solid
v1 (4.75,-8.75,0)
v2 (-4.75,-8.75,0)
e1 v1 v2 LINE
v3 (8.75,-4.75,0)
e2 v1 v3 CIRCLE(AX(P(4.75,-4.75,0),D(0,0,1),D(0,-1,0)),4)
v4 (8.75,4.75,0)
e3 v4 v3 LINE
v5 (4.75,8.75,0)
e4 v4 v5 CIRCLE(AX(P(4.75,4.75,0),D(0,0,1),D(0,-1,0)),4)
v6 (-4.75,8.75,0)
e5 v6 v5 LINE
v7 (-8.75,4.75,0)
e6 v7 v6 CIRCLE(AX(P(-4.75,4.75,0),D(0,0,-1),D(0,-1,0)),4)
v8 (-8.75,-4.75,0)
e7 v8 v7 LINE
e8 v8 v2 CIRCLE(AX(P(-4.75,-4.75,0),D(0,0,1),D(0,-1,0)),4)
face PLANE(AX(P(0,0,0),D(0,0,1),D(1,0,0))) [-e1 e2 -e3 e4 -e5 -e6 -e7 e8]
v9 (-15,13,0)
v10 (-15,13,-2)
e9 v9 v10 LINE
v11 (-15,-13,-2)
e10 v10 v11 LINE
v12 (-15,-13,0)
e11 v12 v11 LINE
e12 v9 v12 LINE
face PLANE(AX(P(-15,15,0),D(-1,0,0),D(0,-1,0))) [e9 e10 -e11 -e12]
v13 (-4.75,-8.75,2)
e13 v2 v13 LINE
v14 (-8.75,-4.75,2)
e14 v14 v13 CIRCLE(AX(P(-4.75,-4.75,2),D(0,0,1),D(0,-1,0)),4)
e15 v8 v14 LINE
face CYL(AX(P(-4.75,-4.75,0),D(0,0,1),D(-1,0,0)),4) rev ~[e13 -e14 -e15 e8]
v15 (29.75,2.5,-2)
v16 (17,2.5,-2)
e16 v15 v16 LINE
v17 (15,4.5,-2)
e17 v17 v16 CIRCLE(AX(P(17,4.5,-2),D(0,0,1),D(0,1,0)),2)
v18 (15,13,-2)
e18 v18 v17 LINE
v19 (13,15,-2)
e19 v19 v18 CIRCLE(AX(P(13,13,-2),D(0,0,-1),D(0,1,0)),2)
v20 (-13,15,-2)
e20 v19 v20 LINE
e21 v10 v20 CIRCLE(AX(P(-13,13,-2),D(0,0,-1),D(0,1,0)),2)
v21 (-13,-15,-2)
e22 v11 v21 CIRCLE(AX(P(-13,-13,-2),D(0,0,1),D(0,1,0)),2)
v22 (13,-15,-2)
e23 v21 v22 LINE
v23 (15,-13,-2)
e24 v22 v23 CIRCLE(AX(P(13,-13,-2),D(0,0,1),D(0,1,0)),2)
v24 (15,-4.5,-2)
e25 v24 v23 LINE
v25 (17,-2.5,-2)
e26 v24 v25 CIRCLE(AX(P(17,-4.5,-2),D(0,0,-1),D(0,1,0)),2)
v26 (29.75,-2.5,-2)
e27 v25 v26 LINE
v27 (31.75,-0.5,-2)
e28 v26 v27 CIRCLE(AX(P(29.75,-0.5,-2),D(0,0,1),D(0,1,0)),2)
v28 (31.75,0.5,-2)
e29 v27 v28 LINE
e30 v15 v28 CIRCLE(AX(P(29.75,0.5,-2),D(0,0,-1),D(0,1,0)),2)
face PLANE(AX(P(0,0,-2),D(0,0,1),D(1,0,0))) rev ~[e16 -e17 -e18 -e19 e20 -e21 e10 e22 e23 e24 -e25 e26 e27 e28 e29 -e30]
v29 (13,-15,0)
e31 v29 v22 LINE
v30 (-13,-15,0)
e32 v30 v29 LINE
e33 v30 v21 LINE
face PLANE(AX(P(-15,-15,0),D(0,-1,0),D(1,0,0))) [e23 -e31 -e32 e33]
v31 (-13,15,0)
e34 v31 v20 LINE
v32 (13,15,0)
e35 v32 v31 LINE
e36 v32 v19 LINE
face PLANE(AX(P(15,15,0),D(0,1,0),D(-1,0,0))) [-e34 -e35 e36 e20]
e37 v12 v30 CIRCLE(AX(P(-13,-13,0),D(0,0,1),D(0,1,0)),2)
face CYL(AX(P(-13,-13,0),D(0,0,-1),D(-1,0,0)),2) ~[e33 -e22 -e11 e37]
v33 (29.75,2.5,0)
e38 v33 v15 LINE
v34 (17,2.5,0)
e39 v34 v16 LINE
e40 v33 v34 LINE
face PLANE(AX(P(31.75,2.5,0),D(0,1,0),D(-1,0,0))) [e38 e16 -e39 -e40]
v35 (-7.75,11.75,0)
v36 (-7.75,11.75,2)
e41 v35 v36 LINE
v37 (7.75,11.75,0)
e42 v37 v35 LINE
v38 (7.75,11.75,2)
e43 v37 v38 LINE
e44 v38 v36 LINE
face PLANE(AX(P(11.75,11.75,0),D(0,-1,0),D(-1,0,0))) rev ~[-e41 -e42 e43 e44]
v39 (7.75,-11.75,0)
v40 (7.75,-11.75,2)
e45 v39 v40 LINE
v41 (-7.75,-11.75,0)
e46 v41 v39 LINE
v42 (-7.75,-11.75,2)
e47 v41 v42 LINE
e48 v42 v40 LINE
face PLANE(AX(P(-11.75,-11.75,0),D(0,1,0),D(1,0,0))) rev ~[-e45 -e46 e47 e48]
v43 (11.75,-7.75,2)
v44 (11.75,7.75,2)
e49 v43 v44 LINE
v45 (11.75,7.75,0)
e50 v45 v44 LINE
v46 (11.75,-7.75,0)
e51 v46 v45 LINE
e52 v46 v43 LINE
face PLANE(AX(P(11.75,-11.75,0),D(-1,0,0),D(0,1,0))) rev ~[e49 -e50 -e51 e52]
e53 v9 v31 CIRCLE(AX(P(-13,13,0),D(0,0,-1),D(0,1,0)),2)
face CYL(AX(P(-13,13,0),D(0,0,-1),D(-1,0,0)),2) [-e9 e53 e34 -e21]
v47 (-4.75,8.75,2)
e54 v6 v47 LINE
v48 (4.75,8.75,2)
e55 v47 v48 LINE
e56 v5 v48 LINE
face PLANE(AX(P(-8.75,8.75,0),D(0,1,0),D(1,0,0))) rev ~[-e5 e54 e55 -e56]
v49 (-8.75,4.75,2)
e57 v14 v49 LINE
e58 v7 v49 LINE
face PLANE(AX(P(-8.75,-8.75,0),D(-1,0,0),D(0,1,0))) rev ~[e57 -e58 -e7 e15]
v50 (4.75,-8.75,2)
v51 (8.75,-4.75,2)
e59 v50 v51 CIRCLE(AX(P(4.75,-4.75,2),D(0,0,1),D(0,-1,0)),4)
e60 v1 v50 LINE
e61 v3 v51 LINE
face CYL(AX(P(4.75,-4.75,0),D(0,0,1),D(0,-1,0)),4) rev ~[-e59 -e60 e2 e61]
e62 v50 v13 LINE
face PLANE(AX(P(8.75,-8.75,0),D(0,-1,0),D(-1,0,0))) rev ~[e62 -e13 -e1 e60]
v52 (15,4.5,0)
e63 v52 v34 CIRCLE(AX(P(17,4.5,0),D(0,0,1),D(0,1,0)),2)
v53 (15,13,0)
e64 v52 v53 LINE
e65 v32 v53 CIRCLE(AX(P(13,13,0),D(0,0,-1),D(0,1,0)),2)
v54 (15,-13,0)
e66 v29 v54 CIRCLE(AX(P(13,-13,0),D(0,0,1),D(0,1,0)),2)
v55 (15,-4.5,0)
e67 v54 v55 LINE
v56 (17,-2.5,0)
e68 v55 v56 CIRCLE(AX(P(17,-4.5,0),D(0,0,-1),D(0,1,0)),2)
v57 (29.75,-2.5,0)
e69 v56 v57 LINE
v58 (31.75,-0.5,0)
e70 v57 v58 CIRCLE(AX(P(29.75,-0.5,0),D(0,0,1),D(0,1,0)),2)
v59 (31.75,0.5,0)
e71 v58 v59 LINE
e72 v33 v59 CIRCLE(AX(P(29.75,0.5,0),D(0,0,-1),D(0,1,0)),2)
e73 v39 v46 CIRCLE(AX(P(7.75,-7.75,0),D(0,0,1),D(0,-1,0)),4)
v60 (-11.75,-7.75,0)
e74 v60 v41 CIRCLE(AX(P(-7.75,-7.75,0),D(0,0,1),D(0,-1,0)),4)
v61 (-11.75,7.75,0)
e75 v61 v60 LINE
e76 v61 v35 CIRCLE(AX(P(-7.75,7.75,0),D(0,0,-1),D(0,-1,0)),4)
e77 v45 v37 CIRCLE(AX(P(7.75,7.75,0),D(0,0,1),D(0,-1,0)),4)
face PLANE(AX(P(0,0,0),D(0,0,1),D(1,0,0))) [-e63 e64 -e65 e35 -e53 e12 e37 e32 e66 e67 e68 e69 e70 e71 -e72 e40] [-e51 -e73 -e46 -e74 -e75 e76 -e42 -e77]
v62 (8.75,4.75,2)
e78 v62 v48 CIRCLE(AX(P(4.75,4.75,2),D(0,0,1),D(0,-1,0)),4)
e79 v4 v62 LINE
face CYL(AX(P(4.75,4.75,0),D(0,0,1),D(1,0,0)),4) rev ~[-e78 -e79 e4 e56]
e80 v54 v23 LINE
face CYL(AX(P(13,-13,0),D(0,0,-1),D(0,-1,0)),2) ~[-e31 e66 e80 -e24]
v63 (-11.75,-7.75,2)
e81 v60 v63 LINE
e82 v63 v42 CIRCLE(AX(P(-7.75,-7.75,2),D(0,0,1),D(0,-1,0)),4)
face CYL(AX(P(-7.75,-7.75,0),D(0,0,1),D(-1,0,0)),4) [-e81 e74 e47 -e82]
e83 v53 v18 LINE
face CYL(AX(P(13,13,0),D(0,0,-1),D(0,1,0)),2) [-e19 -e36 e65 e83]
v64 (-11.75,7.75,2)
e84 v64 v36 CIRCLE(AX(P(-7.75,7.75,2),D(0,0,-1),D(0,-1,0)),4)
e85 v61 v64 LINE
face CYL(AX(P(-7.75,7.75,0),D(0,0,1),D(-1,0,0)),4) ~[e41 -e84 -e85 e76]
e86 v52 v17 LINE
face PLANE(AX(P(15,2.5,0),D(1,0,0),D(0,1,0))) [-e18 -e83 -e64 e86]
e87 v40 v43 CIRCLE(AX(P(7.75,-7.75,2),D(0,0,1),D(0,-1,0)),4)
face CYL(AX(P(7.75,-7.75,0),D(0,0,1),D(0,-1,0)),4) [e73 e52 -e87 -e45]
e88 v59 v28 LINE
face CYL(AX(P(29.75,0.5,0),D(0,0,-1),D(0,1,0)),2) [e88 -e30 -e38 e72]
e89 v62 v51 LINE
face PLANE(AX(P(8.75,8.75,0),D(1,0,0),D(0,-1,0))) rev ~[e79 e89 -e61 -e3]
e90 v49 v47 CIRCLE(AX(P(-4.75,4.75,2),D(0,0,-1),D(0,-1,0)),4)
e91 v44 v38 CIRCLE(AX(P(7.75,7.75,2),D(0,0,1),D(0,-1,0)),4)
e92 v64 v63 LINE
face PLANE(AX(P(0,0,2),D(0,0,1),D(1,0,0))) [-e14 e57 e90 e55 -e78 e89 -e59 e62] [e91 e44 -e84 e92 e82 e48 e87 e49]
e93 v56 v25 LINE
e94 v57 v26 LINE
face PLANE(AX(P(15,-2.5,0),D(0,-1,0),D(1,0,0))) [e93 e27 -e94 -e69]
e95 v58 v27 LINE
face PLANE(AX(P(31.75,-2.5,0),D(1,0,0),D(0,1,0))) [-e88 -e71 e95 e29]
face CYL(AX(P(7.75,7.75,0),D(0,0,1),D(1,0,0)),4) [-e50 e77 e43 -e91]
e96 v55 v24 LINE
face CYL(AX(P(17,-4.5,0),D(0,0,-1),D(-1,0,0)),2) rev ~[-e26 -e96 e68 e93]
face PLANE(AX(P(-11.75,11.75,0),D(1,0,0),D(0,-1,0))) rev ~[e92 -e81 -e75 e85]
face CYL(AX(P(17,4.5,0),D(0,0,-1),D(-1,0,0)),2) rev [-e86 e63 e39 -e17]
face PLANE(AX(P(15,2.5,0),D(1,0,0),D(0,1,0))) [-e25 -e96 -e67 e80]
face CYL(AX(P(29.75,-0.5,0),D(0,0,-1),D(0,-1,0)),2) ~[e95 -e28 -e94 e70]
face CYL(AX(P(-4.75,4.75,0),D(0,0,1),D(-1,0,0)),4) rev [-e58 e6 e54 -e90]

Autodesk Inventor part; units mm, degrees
ref_plane "YZ Plane" through (0, 0, 0) normal (1, 0, 0) x (0, 1, 0)
ref_plane "XZ Plane" through (0, 0, 0) normal (0, 1, 0) x (-1, 0, 0)
ref_plane "XY Plane" through (0, 0, 0) normal (0, 0, 1) x (1, 0, 0)
sketch "Sketch1" plane through (0, 0, 0) normal (0, 0, 1) x (1, 0, 0)
  line L0 (-15, -15) -> (15, -15)
  line L1 (15, -15) -> (15, 15)
  line L2 (15, 15) -> (-15, 15)
  line L3 (-15, 15) -> (-15, -15)
  line L4 (-15, -15) -> (15, 15) construction
  line L5 (15, -15) -> (-15, 15) construction
  line L6 (-11.75, -11.75) -> (11.75, -11.75)
  line L7 (11.75, -11.75) -> (11.75, 11.75)
  line L8 (11.75, 11.75) -> (-11.75, 11.75)
  line L9 (-11.75, 11.75) -> (-11.75, -11.75)
  line L10 (-11.75, -11.75) -> (11.75, 11.75) construction
  line L11 (11.75, -11.75) -> (-11.75, 11.75) construction
  line L12 (-8.75, 8.75) -> (8.75, 8.75)
  line L13 (8.75, 8.75) -> (8.75, -8.75)
  line L14 (8.75, -8.75) -> (-8.75, -8.75)
  line L15 (-8.75, -8.75) -> (-8.75, 8.75)
  line L16 (15, -2.5) -> (31.75, -2.5)
  line L17 (31.75, -2.5) -> (31.75, 2.5)
  line L18 (31.75, 2.5) -> (15, 2.5)
  line L19 (15, 2.5) -> (15, -2.5)
  point P0 (0, 0)
  point P1 (11.75, 0)
  dimension "d0" = 30
  dimension "d1" = 30
  dimension "d2" = 23.5
  dimension "d3" = 23.5
  dimension "d4" = 3
  dimension "d10" = 5
  dimension "d12" = 20
extrude "Extrusion2" add sketch "Sketch1" against normal blind 2 contours L3 L2 L1 L0 | L9 L8 L7 L6 | L12 L13 L14 L15
extrude "Extrusion3" add sketch "Sketch1" against normal blind 2 contours L1 L18 L17 L16
fillet "Fillet2" radius 2 4 edges at (-15, -15, -1) (-15, 15, -1) (15, -15, -1) (15, 15, -1)
fillet "Fillet3" radius 2 4 edges at (31.75, -2.5, -1) (31.75, 2.5, -1) (15, 2.5, -1) (15, -2.5, -1)
extrude "Extrusion4" add sketch "Sketch1" along normal blind 2 contours L9 L8 L7 L6
fillet "Fillet4" radius 4 8 edges at (11.75, 11.75, 1) (11.75, -11.75, 1) (-11.75, -11.75, 1) (-11.75, 11.75, 1) (8.75, 8.75, 1) (-8.75, 8.75, 1) (-8.75, -8.75, 1) (8.75, -8.75, 1)
properties part number "DustCover" material "ABS Plastic"
